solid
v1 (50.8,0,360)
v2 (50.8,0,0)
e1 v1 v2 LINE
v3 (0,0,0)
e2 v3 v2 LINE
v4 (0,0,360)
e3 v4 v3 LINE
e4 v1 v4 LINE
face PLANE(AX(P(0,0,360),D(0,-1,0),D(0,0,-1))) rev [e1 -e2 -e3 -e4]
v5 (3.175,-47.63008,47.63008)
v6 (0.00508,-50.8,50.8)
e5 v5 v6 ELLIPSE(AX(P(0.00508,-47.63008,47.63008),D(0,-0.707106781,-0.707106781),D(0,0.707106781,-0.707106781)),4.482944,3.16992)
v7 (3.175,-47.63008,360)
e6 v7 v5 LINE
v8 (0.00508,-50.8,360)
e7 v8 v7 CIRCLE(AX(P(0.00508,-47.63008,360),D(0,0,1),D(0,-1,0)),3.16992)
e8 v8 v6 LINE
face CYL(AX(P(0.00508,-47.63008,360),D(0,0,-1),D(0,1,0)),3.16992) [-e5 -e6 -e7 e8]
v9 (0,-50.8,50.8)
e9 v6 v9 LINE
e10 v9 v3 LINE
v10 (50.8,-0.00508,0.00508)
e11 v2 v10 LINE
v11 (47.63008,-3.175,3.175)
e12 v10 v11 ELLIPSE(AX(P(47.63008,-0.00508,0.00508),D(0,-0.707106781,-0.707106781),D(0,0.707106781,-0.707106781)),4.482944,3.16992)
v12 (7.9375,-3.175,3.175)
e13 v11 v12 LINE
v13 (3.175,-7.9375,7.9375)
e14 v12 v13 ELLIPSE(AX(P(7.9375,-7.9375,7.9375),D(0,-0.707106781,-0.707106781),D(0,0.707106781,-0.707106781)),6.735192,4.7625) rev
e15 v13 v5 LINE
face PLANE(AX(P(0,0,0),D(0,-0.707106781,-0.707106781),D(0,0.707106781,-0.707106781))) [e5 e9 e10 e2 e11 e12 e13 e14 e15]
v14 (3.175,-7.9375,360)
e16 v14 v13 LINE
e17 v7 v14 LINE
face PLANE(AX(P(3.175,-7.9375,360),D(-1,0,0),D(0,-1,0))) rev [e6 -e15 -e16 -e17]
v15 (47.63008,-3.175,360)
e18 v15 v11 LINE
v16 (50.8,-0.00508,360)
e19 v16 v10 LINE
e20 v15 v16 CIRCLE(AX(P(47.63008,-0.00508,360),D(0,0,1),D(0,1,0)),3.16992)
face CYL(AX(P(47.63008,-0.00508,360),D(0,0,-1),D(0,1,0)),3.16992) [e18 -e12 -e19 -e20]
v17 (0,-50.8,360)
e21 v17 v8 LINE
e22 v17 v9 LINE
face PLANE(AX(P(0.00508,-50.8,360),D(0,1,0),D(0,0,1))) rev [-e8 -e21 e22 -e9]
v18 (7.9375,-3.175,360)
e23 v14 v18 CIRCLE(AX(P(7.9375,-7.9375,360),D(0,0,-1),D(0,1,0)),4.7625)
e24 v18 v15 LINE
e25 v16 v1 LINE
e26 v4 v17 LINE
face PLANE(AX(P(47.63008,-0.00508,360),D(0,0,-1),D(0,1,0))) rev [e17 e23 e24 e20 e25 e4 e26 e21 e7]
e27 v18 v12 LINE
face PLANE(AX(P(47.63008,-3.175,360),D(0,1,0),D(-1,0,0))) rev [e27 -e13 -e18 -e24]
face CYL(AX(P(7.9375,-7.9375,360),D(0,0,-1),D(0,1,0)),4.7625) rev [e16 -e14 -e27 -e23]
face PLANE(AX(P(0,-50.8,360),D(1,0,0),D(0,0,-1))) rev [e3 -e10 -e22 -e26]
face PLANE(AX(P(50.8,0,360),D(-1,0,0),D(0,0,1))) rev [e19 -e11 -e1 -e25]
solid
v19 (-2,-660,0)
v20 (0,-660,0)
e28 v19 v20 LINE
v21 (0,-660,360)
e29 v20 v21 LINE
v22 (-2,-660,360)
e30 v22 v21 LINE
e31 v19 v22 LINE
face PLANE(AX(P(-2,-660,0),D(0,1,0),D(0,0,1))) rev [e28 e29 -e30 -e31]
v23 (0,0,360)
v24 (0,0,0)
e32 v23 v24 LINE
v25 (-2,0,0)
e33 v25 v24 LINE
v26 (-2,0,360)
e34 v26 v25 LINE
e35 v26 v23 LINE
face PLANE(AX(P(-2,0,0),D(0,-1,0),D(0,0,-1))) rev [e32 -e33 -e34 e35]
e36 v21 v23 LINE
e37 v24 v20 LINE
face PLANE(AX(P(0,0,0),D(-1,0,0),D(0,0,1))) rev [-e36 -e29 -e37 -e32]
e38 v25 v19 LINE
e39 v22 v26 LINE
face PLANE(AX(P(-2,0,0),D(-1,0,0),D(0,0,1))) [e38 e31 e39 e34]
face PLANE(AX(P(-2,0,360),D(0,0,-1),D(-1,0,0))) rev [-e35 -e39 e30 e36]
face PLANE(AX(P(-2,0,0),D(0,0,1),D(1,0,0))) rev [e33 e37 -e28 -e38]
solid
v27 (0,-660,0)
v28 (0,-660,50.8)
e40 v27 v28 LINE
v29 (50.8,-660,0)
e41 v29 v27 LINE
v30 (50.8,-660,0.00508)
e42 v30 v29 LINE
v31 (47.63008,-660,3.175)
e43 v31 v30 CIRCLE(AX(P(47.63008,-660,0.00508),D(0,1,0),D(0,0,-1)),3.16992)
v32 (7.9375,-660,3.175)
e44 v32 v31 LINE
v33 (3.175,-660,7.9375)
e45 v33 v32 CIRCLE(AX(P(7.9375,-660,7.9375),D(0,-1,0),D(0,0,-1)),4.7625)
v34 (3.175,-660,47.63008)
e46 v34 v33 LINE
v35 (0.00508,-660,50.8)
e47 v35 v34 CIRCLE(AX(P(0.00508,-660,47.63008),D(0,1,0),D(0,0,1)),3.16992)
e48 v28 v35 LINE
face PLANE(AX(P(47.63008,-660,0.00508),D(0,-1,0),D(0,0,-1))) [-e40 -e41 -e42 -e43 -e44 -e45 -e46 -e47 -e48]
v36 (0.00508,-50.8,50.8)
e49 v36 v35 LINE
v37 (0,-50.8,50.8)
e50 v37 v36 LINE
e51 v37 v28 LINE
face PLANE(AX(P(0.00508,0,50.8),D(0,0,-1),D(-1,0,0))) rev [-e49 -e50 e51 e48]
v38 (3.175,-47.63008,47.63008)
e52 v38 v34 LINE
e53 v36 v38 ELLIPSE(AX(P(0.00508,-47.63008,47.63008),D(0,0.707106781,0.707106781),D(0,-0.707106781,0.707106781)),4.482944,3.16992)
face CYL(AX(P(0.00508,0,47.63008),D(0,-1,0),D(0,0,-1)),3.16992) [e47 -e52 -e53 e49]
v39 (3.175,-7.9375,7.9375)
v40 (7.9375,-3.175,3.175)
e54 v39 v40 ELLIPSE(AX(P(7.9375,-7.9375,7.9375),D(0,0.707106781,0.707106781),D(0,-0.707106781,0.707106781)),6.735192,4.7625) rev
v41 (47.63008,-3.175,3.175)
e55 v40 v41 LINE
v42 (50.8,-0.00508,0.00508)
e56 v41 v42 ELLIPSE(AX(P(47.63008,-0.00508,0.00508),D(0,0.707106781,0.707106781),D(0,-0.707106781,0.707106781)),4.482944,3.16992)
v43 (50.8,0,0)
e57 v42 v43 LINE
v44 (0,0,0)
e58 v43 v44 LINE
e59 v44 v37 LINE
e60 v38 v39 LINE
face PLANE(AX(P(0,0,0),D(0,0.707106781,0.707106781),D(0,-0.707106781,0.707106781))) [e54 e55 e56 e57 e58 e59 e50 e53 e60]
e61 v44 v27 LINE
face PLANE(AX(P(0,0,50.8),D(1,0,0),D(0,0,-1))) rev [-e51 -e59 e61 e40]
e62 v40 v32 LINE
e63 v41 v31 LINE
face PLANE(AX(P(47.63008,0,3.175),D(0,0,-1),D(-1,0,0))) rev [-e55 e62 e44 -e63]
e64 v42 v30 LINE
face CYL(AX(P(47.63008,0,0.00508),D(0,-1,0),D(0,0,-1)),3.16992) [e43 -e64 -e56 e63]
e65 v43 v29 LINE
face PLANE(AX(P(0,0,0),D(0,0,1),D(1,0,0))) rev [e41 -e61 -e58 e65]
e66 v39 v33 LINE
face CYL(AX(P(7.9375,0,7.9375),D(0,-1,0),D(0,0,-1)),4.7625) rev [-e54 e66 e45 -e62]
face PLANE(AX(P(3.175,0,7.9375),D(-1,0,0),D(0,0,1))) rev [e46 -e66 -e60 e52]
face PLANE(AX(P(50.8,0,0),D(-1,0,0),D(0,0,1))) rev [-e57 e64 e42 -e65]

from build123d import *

# Parameters (mm, degrees)
HIERRO_ANGULAR_2_X_2_X_0_125_1_DEPTH        = 732.842048969
HIERRO_ANGULAR_2_X_2_X_0_125_1_2_DEPTH      = 360
HIERRO_ANGULAR_2_X_2_X_0_125_1_2_DEPTH_BACK = 72.842048969
CROQUIS2_W                                  = 360
CROQUIS2_H                                  = 660
SALIENTE_EXTRUIR1_DEPTH                     = 2


with BuildPart() as part:
    # Sketch1 on segment 1 (carried to segment 1) → Hierro angular 2 X 2 X 0.125(1) (new body)
    with BuildSketch(Plane.ZX.offset(-660)):
        with BuildLine():
            Line((0, 0), (0, 50.8))
            Line((0, 50.8), (0.00508, 50.8))
            ThreePointArc((0.00508, 50.8), (2.246551928, 49.871551928), (3.175, 47.63008))
            Line((3.175, 47.63008), (3.175, 7.9375))
            ThreePointArc((3.175, 7.9375), (4.569903955, 4.569903955), (7.9375, 3.175))
            Line((7.9375, 3.175), (47.63008, 3.175))
            ThreePointArc((47.63008, 3.175), (49.871551928, 2.246551928), (50.8, 0.00508))
            Line((50.8, 0.00508), (50.8, 0))
            Line((50.8, 0), (0, 0))
        make_face()
    extrude(amount=HIERRO_ANGULAR_2_X_2_X_0_125_1_DEPTH)

    # Hierro angular 2 X 2 X 0.125(1) mitre 1
    split(bisect_by=Plane(origin=(0, 0, 0), x_dir=(1, 0, 0), z_dir=(0, -0.707106781, -0.707106781)), keep=Keep.TOP)


with BuildPart() as body_2:
    # Sketch1 → Hierro angular 2 X 2 X 0.125_1 2 (new, two sides: drawn at the far end of the back side and taken through both)
    with BuildSketch(Plane(origin=(0, 0, 0), x_dir=(0, -1, 0), z_dir=(0, 0, 1)).offset(-HIERRO_ANGULAR_2_X_2_X_0_125_1_2_DEPTH_BACK)):
        with BuildLine():
            Line((0, 0), (0, 50.8))
            Line((0, 50.8), (0.00508, 50.8))
            ThreePointArc((0.00508, 50.8), (2.246551928, 49.871551928), (3.175, 47.63008))
            Line((3.175, 47.63008), (3.175, 7.9375))
            ThreePointArc((3.175, 7.9375), (4.569903955, 4.569903955), (7.9375, 3.175))
            Line((7.9375, 3.175), (47.63008, 3.175))
            ThreePointArc((47.63008, 3.175), (49.871551928, 2.246551928), (50.8, 0.00508))
            Line((50.8, 0.00508), (50.8, 0))
            Line((50.8, 0), (0, 0))
        make_face()
    extrude(amount=HIERRO_ANGULAR_2_X_2_X_0_125_1_2_DEPTH + HIERRO_ANGULAR_2_X_2_X_0_125_1_2_DEPTH_BACK)

    # Hierro angular 2 X 2 X 0.125_1 2 mitre 1
    split(bisect_by=Plane(origin=(0, 0, 0), x_dir=(-1, 0, 0), z_dir=(0, 0.707106781, 0.707106781)), keep=Keep.TOP)


with BuildPart() as body_3:
    # Croquis2 → Saliente-Extruir1 (new body)
    with BuildSketch(Plane.ZY):
        with Locations((180, -330)):
            Rectangle(CROQUIS2_W, CROQUIS2_H)
    extrude(amount=SALIENTE_EXTRUIR1_DEPTH)


solid = Compound([part.part, body_2.part, body_3.part])
